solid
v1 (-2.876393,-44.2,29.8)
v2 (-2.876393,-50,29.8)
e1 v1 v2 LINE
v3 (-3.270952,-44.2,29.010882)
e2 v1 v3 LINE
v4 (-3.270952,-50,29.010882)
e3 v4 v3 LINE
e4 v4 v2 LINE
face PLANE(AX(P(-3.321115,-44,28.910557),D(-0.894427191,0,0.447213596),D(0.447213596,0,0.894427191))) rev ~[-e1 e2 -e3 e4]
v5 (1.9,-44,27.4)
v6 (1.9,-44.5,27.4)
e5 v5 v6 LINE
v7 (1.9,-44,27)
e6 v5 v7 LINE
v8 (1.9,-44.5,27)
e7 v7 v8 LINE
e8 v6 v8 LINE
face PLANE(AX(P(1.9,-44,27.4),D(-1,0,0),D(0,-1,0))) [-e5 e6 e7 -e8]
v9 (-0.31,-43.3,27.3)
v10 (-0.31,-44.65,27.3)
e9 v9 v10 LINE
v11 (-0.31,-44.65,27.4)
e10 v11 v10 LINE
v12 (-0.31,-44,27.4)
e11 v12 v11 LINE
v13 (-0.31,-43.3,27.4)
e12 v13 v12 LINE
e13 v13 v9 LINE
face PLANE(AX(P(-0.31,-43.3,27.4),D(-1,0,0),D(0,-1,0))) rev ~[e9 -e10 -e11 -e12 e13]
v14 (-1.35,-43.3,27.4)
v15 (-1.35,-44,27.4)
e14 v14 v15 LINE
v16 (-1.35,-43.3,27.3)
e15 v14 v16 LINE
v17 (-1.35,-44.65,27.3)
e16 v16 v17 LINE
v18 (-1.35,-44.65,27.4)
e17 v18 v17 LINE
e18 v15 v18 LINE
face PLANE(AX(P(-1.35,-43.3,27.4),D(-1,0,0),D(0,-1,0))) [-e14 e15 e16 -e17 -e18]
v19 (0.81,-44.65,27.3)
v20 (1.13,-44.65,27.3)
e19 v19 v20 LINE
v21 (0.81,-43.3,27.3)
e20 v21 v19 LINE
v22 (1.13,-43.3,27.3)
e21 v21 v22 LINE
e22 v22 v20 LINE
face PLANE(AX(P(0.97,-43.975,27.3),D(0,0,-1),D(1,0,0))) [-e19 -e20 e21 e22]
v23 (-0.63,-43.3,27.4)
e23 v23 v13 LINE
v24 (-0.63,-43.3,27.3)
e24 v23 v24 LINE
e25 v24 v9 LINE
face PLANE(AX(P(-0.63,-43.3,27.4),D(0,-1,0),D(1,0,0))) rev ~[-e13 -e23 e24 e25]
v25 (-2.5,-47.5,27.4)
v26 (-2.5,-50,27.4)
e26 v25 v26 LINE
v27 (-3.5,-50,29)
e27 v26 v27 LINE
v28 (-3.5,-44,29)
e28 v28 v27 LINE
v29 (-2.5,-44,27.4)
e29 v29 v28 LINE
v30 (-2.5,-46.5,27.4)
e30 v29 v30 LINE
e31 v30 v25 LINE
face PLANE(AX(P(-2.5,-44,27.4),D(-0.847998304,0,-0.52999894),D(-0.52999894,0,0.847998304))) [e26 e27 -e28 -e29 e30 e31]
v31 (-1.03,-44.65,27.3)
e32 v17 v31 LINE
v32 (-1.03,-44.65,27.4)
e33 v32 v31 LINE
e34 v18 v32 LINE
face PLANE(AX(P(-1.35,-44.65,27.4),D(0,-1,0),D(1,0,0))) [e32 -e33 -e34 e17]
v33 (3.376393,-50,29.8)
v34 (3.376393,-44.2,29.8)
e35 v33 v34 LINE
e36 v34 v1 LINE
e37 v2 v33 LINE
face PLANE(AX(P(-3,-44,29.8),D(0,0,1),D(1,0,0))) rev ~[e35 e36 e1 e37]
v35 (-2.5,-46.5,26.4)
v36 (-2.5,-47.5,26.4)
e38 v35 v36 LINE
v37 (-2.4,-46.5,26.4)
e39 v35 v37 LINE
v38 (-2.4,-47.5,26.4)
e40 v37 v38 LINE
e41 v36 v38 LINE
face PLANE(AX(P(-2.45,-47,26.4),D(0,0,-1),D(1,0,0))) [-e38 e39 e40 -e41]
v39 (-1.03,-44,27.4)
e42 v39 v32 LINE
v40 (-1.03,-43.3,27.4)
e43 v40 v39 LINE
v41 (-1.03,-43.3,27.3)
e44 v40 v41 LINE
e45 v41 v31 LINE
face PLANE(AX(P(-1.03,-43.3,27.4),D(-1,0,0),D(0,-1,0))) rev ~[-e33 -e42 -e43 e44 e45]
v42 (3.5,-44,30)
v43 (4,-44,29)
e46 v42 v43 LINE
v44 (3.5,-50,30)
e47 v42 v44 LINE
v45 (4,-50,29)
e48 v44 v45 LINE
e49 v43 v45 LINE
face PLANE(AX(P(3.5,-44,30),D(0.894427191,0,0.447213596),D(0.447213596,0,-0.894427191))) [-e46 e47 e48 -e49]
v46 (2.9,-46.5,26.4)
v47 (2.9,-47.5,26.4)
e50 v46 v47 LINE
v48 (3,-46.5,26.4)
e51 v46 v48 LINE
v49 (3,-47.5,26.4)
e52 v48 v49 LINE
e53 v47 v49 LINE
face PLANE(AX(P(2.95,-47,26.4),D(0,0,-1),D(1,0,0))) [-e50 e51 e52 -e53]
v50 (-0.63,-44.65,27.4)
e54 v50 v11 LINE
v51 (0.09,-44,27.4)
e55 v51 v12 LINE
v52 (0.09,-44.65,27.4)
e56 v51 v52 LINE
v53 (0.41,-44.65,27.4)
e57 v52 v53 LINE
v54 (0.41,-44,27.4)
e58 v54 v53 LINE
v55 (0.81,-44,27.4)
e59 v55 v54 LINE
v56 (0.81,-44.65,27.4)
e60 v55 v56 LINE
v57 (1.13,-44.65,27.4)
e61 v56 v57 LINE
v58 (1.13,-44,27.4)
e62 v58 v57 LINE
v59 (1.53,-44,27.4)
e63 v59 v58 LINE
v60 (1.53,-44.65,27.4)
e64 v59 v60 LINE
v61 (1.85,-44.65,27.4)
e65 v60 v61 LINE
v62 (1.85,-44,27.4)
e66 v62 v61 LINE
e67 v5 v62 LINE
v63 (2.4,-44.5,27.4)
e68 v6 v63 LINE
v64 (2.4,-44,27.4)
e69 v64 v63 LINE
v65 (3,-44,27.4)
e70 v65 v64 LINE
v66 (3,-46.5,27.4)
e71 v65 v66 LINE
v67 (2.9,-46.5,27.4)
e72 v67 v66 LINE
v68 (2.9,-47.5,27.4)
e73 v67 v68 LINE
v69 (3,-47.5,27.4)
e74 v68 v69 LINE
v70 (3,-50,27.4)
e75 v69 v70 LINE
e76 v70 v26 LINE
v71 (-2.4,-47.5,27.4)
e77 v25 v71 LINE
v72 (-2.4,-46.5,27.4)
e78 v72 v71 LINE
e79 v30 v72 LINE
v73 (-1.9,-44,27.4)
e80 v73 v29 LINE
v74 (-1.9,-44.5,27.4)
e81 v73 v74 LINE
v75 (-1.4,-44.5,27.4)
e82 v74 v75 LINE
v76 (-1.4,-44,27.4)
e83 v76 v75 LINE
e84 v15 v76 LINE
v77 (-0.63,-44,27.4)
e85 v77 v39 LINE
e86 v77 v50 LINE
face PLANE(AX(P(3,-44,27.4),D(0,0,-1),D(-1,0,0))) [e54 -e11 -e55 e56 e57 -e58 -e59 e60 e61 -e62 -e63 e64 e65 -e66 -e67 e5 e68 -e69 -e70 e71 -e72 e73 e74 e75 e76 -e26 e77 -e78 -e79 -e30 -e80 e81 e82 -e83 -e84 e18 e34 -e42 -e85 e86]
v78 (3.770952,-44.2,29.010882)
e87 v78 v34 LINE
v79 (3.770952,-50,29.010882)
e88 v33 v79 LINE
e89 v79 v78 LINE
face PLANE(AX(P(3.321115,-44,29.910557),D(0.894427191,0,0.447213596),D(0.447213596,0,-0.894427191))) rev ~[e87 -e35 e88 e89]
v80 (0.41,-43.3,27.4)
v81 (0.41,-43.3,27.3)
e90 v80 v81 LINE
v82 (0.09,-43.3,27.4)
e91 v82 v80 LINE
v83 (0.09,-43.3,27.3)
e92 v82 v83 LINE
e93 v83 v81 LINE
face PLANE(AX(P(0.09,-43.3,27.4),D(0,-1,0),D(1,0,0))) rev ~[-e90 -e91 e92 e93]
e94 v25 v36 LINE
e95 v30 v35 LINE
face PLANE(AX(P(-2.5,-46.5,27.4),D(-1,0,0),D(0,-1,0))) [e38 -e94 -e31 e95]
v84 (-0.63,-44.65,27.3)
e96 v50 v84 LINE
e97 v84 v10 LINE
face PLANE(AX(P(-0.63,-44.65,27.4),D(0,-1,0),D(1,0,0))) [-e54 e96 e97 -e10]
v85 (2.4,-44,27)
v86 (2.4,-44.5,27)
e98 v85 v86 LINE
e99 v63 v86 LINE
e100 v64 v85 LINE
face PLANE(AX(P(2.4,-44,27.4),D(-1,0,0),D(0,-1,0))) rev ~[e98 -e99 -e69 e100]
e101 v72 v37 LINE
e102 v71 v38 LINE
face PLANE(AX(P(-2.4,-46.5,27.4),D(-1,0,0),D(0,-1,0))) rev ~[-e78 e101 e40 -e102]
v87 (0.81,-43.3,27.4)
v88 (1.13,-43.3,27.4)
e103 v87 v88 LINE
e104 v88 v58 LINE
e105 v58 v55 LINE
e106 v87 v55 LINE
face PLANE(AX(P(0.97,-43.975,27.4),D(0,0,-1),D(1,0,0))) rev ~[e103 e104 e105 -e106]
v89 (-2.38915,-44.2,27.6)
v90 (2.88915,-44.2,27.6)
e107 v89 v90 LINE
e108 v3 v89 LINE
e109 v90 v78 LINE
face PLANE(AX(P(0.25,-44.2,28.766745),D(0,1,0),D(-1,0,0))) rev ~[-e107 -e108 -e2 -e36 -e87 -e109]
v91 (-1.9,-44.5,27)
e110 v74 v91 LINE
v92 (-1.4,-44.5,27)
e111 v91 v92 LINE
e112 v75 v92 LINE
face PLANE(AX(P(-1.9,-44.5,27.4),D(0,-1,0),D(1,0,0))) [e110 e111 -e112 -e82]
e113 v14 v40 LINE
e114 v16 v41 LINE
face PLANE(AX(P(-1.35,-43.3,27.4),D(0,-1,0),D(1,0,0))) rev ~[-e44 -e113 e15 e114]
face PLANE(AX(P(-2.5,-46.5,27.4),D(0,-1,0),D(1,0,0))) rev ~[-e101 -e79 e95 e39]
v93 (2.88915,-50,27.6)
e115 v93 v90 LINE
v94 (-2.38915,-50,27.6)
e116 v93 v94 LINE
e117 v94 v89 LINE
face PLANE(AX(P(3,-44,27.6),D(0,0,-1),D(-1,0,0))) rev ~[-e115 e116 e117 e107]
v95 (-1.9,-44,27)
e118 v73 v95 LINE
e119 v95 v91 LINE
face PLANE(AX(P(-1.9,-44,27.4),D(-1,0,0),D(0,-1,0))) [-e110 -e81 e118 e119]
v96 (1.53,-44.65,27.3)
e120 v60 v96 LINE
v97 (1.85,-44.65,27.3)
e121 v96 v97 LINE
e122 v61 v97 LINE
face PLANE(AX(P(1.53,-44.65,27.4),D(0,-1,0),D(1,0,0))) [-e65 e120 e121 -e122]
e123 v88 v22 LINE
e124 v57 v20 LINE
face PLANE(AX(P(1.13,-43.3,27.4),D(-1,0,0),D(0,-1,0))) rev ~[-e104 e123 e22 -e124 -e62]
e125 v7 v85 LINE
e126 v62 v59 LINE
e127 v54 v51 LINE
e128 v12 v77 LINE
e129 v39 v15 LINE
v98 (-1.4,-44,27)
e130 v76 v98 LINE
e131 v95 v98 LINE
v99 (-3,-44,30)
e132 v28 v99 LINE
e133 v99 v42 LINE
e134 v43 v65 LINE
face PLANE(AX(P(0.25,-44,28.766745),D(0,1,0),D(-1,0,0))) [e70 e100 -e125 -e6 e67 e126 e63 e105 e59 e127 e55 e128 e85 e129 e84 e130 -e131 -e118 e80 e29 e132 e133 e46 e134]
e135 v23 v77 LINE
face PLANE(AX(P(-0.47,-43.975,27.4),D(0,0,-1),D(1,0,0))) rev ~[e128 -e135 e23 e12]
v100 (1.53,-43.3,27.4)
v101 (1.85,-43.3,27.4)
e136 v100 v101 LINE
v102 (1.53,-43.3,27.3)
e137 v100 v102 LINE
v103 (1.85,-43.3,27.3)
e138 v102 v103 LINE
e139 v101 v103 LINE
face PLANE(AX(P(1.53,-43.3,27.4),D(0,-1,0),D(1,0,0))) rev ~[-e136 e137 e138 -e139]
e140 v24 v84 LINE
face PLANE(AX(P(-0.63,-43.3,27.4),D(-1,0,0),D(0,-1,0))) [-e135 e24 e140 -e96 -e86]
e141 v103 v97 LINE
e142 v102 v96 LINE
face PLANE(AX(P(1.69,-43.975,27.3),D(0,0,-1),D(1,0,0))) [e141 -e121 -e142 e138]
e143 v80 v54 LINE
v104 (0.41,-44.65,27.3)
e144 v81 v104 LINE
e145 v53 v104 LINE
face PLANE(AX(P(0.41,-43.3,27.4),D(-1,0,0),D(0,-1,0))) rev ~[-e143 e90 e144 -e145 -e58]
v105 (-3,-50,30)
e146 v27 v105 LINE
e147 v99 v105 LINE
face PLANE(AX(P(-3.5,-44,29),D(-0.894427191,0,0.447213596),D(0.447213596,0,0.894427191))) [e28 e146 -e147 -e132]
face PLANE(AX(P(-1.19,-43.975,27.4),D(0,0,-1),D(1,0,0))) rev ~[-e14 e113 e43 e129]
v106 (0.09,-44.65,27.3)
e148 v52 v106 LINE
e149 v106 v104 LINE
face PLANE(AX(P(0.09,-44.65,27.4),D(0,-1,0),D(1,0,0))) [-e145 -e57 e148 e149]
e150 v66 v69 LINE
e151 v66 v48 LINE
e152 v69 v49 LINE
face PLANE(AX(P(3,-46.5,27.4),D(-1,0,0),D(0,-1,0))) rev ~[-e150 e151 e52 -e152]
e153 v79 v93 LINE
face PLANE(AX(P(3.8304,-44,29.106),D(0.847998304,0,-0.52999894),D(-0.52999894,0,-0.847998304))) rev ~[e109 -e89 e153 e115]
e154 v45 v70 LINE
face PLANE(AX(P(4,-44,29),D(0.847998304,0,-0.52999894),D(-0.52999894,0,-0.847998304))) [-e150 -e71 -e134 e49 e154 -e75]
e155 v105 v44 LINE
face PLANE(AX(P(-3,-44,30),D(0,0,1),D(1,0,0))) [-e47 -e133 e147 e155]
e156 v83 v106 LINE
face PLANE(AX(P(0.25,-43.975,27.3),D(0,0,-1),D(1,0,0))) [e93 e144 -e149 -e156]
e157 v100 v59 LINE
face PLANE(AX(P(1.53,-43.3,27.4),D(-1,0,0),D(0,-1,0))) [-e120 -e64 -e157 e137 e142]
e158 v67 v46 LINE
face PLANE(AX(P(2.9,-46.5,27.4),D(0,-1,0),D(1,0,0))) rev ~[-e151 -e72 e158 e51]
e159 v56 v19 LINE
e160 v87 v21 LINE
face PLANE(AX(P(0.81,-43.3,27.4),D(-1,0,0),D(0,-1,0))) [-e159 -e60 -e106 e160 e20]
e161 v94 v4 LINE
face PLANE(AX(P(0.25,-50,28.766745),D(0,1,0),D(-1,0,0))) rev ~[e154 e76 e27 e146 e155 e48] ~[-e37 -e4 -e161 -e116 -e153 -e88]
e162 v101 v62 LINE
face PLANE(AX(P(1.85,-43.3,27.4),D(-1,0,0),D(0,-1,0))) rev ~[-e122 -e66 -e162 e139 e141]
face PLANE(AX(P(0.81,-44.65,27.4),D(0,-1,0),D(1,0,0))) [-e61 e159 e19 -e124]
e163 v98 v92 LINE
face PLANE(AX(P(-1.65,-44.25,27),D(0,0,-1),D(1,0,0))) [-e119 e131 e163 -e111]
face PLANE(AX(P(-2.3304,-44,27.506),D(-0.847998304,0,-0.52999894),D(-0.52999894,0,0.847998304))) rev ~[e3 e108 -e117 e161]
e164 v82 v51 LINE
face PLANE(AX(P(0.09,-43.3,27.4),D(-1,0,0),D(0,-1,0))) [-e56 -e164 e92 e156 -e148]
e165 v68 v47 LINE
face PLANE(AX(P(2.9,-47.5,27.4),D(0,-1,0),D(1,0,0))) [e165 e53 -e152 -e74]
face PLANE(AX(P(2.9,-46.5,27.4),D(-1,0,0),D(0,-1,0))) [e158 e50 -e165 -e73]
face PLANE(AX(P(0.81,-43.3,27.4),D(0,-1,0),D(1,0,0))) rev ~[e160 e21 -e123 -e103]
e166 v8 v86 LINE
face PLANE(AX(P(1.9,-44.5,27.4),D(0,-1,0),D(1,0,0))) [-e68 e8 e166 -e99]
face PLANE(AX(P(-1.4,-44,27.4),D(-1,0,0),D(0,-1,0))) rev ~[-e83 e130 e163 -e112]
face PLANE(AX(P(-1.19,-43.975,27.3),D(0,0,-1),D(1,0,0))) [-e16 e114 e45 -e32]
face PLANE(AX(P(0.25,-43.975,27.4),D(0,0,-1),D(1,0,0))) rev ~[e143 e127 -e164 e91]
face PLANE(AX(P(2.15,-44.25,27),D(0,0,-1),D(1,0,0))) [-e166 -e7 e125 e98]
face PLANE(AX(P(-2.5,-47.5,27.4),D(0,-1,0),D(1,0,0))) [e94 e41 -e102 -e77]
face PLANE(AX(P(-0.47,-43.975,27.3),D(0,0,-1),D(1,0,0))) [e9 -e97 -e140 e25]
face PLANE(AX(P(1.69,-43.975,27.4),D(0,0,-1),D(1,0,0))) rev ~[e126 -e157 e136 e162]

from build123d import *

# Parameters (mm, degrees)
PAD003_DEPTH         = 6
THICKNESS_T          = -0.2
SKETCH011_W          = 0.1
SKETCH011_H          = 1
PAD004_DEPTH         = 1
SKETCH012_W          = 0.5
SKETCH012_H          = 0.5
PAD005_DEPTH         = 0.4
SKETCH013_W          = 0.32
SKETCH013_H          = 1.35
PAD006_DEPTH         = 0.1
BODY_PLACEMENT_ANGLE = 90


with BuildPart() as part:
    # Sketch010 → Pad003 (new body)
    with BuildSketch(Plane.XY):
        Polygon((0, 0), (6.5, 0), (7, -1), (6, -2.6), (0.5, -2.6), (-0.5, -1), align=None)
    extrude(amount=PAD003_DEPTH)

    # Thickness
    thickness_openings = [part.faces().sort_by_distance(p)[0] for p in [
        (3.25, -1.25728, 6),
    ]]
    offset(amount=THICKNESS_T, openings=thickness_openings)

    # Sketch011 (on Face5 of Thickness) → Pad004 (join)
    with BuildSketch(Plane.XZ.offset(2.6)):
        with Locations((5.95, 3)):
            Rectangle(SKETCH011_W, SKETCH011_H)
        with Locations((0.55, 3)):
            Rectangle(SKETCH011_W, SKETCH011_H)
    extrude(amount=PAD004_DEPTH)

    # Sketch012 (on Face7 of Pad004) → Pad005 (join)
    with BuildSketch(Plane.XZ.offset(2.6)):
        with Locations((1.35, 0.25)):
            Rectangle(SKETCH012_W, SKETCH012_H)
        with Locations((5.15, 0.25)):
            Rectangle(SKETCH012_W, SKETCH012_H)
    extrude(amount=PAD005_DEPTH)

    # Sketch013 (on Face7 of Pad005) → Pad006 (join)
    with BuildSketch(Plane.XZ.offset(2.6)):
        with Locations((1.81, -0.025)):
            Rectangle(SKETCH013_W, SKETCH013_H)
        with Locations((2.53, -0.025)):
            Rectangle(SKETCH013_W, SKETCH013_H)
        with Locations((3.25, -0.025)):
            Rectangle(SKETCH013_W, SKETCH013_H)
        with Locations((3.97, -0.025)):
            Rectangle(SKETCH013_W, SKETCH013_H)
        with Locations((4.69, -0.025)):
            Rectangle(SKETCH013_W, SKETCH013_H)
    extrude(amount=PAD006_DEPTH)


with BuildPart() as part_1:
    # Body placement: moved
    add(part.part.moved(Location((-3, -44, 30))).rotate(Axis((-3, -44, 30), (1, 0, 0)), BODY_PLACEMENT_ANGLE))


solid = part_1.part
